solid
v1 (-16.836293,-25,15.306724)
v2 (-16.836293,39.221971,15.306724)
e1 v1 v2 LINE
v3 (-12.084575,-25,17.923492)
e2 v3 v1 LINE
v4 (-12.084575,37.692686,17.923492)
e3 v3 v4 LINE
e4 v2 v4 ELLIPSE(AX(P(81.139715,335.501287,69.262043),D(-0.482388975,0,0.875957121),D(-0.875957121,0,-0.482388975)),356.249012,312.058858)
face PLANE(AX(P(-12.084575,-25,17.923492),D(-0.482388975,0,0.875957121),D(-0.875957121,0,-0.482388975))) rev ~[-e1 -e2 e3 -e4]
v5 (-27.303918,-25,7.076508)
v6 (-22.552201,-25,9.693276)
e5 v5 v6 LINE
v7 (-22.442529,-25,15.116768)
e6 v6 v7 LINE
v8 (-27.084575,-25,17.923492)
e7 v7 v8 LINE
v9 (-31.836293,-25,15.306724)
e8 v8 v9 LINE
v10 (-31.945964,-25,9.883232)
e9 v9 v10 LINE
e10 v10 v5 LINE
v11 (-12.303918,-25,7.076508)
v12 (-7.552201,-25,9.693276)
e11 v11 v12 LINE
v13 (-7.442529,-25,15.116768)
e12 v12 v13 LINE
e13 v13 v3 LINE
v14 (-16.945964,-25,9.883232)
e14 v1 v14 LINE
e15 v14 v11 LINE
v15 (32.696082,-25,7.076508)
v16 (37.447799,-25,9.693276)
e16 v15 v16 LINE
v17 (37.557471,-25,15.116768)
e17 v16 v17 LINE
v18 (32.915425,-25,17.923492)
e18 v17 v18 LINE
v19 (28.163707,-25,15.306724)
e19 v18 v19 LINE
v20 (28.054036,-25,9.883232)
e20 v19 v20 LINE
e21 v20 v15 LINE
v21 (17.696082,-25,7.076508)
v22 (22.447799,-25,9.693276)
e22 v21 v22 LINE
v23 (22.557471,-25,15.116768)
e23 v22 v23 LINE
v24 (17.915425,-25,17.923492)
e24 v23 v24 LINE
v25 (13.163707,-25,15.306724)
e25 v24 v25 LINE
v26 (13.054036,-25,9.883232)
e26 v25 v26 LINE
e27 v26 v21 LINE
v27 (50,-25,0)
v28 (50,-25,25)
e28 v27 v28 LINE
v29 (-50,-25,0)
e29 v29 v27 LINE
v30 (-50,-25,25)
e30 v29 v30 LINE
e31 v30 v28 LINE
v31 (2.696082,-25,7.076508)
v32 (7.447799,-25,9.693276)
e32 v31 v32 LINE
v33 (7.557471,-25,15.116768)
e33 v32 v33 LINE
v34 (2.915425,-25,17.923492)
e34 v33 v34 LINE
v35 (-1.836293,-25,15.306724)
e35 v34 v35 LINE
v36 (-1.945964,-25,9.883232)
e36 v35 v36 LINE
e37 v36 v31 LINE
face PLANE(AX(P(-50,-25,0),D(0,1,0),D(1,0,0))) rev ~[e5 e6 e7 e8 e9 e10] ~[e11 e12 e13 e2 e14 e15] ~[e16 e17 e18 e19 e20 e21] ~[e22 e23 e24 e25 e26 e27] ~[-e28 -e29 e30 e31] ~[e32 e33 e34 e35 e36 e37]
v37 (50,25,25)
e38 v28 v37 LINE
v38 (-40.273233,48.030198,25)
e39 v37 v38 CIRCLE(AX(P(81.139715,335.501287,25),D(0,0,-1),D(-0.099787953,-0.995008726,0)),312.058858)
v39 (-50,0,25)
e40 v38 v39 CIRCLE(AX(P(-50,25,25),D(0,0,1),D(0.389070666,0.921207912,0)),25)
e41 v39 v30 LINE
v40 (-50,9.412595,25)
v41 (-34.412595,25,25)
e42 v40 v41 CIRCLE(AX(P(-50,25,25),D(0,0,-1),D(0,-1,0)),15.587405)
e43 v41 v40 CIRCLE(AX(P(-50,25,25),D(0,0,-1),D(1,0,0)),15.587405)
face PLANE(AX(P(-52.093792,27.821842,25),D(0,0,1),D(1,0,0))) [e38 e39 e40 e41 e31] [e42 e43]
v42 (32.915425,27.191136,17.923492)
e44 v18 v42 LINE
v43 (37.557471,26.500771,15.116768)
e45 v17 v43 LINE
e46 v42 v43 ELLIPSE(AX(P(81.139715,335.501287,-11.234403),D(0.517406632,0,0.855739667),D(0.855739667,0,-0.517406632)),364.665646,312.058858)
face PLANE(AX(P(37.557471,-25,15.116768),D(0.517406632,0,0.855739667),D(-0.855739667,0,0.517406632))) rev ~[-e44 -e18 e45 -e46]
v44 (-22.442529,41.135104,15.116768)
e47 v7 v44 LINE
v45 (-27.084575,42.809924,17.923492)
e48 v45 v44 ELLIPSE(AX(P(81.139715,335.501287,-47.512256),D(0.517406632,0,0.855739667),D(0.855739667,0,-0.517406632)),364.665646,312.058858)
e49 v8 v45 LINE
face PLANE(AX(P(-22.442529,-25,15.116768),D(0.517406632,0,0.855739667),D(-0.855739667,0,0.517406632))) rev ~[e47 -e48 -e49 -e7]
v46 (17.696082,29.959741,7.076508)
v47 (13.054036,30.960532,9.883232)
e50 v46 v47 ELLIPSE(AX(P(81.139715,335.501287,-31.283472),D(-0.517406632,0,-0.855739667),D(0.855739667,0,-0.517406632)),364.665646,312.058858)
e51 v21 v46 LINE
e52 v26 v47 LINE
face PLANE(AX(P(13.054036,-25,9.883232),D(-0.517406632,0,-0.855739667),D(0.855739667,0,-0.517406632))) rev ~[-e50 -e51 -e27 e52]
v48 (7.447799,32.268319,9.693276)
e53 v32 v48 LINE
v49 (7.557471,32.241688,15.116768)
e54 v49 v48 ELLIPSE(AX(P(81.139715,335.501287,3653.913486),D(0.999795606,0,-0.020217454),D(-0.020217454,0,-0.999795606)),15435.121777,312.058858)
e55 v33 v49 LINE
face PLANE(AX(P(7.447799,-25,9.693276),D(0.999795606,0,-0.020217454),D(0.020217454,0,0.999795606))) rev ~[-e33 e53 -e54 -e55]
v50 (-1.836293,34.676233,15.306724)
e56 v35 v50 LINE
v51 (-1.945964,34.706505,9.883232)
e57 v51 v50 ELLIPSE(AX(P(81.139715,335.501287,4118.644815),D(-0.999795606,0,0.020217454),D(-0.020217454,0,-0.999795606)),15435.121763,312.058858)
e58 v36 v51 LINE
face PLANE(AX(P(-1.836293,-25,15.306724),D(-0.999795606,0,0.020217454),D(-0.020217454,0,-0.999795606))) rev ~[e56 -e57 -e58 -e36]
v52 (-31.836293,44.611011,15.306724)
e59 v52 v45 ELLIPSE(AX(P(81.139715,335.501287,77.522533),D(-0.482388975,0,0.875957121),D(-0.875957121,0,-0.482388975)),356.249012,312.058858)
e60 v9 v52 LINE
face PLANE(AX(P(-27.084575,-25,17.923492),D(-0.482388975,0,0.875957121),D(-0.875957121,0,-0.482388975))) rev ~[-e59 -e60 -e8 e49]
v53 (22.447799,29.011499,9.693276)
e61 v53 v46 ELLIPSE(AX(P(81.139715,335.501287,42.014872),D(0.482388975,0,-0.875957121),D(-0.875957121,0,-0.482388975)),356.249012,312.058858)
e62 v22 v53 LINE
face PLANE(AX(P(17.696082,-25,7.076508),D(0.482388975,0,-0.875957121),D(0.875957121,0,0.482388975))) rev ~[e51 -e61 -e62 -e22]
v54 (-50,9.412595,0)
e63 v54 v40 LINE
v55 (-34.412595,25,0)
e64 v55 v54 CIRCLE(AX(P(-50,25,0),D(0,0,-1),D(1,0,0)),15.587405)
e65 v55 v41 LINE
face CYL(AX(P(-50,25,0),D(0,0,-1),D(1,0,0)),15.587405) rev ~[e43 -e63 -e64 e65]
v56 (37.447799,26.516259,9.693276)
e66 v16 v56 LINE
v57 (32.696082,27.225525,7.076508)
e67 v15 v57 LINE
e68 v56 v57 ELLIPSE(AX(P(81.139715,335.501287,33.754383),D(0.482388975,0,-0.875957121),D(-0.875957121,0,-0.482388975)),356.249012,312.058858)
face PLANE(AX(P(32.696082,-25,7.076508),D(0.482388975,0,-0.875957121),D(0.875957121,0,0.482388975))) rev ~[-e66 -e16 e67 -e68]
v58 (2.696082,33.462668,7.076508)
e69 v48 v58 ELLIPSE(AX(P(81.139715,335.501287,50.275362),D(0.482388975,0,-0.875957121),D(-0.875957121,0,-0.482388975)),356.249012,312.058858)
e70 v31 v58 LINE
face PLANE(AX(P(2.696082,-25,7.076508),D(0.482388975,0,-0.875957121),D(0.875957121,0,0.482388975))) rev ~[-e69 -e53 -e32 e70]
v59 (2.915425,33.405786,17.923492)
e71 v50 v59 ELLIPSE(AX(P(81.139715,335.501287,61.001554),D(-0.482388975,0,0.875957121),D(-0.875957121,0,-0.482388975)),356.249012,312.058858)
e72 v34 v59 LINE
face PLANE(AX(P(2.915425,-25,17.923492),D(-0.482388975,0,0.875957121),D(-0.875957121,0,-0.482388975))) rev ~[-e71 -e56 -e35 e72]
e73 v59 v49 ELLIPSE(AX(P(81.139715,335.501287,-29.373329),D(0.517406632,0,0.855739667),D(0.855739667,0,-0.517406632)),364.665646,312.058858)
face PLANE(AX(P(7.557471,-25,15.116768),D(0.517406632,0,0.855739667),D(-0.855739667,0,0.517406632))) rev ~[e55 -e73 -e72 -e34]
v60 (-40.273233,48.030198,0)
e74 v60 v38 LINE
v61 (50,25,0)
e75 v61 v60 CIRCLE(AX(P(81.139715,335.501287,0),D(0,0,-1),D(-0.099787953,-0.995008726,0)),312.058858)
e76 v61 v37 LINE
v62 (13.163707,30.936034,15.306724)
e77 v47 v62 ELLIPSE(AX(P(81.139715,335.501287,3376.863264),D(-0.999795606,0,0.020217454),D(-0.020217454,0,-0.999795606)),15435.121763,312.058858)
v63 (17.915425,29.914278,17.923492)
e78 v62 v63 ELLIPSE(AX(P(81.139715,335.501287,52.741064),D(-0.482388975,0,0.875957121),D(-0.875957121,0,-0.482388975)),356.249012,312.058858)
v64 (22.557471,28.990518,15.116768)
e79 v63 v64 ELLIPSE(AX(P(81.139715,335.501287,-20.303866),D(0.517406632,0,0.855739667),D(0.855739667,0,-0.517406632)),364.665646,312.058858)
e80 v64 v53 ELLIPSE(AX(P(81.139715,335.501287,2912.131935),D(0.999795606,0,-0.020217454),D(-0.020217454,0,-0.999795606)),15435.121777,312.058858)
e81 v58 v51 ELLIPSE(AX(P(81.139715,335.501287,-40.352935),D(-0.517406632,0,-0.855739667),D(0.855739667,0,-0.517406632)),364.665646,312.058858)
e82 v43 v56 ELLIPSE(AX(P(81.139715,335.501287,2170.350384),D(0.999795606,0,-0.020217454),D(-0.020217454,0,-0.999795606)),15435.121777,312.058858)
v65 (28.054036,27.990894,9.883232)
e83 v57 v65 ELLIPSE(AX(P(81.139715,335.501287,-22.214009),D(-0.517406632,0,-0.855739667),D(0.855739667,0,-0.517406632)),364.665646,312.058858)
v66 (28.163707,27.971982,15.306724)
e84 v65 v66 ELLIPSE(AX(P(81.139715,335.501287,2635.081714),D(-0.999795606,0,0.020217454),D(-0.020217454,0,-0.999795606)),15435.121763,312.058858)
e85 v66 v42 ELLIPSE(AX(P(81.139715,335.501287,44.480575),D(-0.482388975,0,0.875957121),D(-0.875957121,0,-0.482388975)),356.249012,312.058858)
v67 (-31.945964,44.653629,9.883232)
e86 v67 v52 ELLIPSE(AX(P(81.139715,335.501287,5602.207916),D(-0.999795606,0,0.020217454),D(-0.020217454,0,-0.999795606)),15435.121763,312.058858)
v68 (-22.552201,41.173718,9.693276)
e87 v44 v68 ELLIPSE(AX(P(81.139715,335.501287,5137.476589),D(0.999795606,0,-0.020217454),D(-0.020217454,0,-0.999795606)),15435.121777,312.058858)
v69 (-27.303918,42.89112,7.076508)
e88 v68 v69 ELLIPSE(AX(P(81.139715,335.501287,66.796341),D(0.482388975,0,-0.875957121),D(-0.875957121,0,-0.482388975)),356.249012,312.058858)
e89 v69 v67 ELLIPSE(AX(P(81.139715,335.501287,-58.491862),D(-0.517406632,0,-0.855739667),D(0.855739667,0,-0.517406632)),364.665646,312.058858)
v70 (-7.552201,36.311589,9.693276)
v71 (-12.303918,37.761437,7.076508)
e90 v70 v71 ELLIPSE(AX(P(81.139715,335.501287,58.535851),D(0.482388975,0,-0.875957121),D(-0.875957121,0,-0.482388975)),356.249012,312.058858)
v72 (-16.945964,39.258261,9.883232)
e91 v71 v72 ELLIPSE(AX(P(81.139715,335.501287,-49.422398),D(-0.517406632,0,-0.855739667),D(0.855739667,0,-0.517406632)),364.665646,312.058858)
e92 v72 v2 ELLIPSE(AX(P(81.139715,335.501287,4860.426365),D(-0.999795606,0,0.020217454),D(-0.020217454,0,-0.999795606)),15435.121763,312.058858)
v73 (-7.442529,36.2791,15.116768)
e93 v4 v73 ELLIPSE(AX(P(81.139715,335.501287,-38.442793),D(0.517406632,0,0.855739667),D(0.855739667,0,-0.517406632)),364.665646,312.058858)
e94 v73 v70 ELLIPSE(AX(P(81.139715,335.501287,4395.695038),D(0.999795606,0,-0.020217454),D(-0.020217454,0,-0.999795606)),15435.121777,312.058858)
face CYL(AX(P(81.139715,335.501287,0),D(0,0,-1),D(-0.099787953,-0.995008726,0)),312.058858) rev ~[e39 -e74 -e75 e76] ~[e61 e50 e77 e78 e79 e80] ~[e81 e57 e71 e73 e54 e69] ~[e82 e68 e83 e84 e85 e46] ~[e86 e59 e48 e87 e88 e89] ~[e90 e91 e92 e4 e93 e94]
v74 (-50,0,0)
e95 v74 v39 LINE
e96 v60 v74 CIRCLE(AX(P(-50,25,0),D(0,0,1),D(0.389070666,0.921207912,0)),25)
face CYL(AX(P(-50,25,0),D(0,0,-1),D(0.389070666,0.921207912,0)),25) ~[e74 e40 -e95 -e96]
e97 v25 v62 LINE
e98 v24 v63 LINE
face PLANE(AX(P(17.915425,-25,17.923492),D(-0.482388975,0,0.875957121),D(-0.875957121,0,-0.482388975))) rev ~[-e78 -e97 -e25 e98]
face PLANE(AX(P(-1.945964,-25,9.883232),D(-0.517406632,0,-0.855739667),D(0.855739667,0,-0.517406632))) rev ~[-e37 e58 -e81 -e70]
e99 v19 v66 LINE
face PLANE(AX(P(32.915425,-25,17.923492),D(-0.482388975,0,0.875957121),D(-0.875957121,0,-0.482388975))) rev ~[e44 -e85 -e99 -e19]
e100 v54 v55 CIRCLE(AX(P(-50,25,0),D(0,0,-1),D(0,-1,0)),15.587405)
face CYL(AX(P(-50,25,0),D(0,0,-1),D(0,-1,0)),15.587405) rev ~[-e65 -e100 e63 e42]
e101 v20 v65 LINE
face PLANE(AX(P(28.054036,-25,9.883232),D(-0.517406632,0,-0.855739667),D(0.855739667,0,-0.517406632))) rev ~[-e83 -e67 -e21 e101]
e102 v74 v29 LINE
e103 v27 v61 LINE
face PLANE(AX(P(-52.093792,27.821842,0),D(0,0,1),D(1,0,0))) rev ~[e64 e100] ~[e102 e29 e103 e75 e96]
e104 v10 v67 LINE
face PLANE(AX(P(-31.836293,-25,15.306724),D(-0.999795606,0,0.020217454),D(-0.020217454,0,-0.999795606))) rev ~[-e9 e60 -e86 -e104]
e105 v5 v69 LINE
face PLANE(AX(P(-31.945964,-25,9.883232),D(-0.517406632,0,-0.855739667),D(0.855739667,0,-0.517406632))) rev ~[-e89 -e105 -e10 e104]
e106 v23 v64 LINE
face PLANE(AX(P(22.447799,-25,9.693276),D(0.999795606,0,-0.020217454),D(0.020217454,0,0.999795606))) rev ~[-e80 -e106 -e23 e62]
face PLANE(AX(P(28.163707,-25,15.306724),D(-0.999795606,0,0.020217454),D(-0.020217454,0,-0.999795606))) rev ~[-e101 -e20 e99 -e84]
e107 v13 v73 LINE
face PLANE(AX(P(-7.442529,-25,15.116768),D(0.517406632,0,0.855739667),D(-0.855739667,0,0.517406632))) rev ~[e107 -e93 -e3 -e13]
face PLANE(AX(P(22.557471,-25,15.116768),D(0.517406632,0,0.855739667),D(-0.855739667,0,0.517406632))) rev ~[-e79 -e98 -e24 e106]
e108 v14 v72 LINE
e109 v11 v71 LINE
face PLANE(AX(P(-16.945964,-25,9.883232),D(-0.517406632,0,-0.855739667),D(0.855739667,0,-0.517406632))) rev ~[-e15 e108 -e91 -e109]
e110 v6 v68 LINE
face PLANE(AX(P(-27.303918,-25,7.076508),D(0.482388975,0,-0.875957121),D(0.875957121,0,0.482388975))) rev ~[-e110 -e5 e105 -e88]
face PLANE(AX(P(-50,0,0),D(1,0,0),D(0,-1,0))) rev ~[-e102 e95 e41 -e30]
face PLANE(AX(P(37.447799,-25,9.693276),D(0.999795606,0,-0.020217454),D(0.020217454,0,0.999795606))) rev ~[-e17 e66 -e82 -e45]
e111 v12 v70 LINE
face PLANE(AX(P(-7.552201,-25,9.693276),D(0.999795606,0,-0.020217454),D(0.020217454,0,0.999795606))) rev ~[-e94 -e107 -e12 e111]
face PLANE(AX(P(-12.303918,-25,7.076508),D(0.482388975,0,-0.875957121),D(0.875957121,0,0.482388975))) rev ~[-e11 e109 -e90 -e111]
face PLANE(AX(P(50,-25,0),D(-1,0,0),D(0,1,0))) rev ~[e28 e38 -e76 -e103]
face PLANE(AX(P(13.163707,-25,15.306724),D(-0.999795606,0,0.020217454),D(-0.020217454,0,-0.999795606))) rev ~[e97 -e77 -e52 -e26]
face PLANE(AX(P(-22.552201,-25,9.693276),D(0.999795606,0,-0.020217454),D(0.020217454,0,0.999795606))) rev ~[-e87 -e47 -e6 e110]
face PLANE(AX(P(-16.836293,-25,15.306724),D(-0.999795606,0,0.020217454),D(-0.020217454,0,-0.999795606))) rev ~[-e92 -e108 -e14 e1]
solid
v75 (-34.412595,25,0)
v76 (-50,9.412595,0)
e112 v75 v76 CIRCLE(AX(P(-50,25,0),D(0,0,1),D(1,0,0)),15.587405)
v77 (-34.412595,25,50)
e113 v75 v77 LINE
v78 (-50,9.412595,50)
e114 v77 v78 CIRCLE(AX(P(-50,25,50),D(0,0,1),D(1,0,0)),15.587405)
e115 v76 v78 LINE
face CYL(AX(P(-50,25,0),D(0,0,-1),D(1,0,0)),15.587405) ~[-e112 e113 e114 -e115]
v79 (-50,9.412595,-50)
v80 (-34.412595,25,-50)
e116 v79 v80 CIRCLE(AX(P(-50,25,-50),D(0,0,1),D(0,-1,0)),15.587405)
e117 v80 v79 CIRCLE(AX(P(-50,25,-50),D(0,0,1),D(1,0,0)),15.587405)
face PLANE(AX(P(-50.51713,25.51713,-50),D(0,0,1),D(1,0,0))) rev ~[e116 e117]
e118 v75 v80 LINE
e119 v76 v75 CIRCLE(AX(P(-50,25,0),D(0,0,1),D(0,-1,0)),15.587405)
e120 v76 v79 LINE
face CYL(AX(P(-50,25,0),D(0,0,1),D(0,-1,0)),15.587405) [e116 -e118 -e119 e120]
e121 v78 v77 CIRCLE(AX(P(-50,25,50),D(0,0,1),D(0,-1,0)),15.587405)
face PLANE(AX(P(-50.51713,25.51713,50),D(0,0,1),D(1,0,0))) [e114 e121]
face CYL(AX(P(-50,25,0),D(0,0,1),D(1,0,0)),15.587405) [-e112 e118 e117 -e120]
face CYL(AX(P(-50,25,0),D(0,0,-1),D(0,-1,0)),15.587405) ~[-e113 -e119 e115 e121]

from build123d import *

# Parameters (mm, degrees)
F1_DEPTH = 25
F2_DEPTH = 50
F4_DEPTH = 100


with BuildPart() as f1:
    # F0 (on Top) → F1 (new body)
    with BuildSketch(Plane.XY):
        with BuildLine():
            ThreePointArc((-50, 9.4125951482), (-61.0219596718, 36.0219596718), (-34.4125951482, 25))
            Line((-34.4125951482, 25), (-25, 25))
            ThreePointArc((-25, 25), (-29.1653033812, 38.8172145096), (-40.2732333443, 48.0301977939))
            ThreePointArc((-40.2732333443, 48.0301977939), (-74.5026013399, 29.9621091863), (-50, 0))
            Line((-50, 0), (-50, 9.4125951482))
        make_face()
        with BuildLine():
            Line((-25, 25), (-34.4125951482, 25))
            ThreePointArc((-34.4125951482, 25), (-38.9780403282, 13.9780403282), (-50, 9.4125951482))
            Line((-50, 9.4125951482), (-50, 0))
            ThreePointArc((-50, 0), (-32.3223304703, 7.3223304703), (-25, 25))
        make_face()
        with BuildLine():
            ThreePointArc((-40.2732333443, 48.0301977939), (-29.1653033812, 38.8172145096), (-25, 25))
            Line((-25, 25), (50, 25))
            ThreePointArc((50, 25), (3.9990883715, 33.1272556411), (-40.2732333443, 48.0301977939))
        make_face()
        with BuildLine():
            Line((50, 25), (-25, 25))
            ThreePointArc((-25, 25), (-32.3223304703, 7.3223304703), (-50, 0))
            Line((-50, 0), (-50, -25))
            Line((-50, -25), (50, -25))
            Line((50, -25), (50, 25))
        make_face()
    extrude(amount=F1_DEPTH)

    # F3 (on face) → F4 (cut)
    with BuildSketch(Plane.XZ.offset(25)):
        Polygon((-27.3039182642, 7.0765079837), (-22.5522005936, 9.6932755877), (-22.4425289792, 15.1167676039), (-27.0845750353, 17.9234920163), (-31.8362927058, 15.3067244123), (-31.9459643203, 9.8832323961), align=None)
        Polygon((-7.5522005936, 9.6932755877), (-7.4425289792, 15.1167676039), (-12.0845750353, 17.9234920163), (-16.8362927058, 15.3067244123), (-16.9459643203, 9.8832323961), (-12.3039182642, 7.0765079837), align=None)
        Polygon((7.4477994064, 9.6932755877), (7.5574710208, 15.1167676039), (2.9154249647, 17.9234920163), (-1.8362927058, 15.3067244123), (-1.9459643203, 9.8832323961), (2.6960817358, 7.0765079837), align=None)
        Polygon((22.4477994064, 9.6932755877), (22.5574710208, 15.1167676039), (17.9154249647, 17.9234920163), (13.1637072942, 15.3067244123), (13.0540356797, 9.8832323961), (17.6960817358, 7.0765079837), align=None)
        Polygon((37.4477994064, 9.6932755877), (37.5574710208, 15.1167676039), (32.9154249647, 17.9234920163), (28.1637072942, 15.3067244123), (28.0540356797, 9.8832323961), (32.6960817358, 7.0765079837), align=None)
    extrude(amount=-F4_DEPTH, mode=Mode.SUBTRACT)


with BuildPart() as f2:
    # F0 (on Top) → F2 (new body, symmetric)
    with BuildSketch(Plane.XY):
        with BuildLine():
            Line((-50, 9.4125951482), (-50, 25))
            Line((-50, 25), (-34.4125951482, 25))
            ThreePointArc((-34.4125951482, 25), (-61.0219596718, 36.0219596718), (-50, 9.4125951482))
        make_face()
        with BuildLine():
            Line((-34.4125951482, 25), (-50, 25))
            Line((-50, 25), (-50, 9.4125951482))
            ThreePointArc((-50, 9.4125951482), (-38.9780403282, 13.9780403282), (-34.4125951482, 25))
        make_face()
    extrude(amount=F2_DEPTH, both=True)


solid = Compound([f1.part, f2.part])
